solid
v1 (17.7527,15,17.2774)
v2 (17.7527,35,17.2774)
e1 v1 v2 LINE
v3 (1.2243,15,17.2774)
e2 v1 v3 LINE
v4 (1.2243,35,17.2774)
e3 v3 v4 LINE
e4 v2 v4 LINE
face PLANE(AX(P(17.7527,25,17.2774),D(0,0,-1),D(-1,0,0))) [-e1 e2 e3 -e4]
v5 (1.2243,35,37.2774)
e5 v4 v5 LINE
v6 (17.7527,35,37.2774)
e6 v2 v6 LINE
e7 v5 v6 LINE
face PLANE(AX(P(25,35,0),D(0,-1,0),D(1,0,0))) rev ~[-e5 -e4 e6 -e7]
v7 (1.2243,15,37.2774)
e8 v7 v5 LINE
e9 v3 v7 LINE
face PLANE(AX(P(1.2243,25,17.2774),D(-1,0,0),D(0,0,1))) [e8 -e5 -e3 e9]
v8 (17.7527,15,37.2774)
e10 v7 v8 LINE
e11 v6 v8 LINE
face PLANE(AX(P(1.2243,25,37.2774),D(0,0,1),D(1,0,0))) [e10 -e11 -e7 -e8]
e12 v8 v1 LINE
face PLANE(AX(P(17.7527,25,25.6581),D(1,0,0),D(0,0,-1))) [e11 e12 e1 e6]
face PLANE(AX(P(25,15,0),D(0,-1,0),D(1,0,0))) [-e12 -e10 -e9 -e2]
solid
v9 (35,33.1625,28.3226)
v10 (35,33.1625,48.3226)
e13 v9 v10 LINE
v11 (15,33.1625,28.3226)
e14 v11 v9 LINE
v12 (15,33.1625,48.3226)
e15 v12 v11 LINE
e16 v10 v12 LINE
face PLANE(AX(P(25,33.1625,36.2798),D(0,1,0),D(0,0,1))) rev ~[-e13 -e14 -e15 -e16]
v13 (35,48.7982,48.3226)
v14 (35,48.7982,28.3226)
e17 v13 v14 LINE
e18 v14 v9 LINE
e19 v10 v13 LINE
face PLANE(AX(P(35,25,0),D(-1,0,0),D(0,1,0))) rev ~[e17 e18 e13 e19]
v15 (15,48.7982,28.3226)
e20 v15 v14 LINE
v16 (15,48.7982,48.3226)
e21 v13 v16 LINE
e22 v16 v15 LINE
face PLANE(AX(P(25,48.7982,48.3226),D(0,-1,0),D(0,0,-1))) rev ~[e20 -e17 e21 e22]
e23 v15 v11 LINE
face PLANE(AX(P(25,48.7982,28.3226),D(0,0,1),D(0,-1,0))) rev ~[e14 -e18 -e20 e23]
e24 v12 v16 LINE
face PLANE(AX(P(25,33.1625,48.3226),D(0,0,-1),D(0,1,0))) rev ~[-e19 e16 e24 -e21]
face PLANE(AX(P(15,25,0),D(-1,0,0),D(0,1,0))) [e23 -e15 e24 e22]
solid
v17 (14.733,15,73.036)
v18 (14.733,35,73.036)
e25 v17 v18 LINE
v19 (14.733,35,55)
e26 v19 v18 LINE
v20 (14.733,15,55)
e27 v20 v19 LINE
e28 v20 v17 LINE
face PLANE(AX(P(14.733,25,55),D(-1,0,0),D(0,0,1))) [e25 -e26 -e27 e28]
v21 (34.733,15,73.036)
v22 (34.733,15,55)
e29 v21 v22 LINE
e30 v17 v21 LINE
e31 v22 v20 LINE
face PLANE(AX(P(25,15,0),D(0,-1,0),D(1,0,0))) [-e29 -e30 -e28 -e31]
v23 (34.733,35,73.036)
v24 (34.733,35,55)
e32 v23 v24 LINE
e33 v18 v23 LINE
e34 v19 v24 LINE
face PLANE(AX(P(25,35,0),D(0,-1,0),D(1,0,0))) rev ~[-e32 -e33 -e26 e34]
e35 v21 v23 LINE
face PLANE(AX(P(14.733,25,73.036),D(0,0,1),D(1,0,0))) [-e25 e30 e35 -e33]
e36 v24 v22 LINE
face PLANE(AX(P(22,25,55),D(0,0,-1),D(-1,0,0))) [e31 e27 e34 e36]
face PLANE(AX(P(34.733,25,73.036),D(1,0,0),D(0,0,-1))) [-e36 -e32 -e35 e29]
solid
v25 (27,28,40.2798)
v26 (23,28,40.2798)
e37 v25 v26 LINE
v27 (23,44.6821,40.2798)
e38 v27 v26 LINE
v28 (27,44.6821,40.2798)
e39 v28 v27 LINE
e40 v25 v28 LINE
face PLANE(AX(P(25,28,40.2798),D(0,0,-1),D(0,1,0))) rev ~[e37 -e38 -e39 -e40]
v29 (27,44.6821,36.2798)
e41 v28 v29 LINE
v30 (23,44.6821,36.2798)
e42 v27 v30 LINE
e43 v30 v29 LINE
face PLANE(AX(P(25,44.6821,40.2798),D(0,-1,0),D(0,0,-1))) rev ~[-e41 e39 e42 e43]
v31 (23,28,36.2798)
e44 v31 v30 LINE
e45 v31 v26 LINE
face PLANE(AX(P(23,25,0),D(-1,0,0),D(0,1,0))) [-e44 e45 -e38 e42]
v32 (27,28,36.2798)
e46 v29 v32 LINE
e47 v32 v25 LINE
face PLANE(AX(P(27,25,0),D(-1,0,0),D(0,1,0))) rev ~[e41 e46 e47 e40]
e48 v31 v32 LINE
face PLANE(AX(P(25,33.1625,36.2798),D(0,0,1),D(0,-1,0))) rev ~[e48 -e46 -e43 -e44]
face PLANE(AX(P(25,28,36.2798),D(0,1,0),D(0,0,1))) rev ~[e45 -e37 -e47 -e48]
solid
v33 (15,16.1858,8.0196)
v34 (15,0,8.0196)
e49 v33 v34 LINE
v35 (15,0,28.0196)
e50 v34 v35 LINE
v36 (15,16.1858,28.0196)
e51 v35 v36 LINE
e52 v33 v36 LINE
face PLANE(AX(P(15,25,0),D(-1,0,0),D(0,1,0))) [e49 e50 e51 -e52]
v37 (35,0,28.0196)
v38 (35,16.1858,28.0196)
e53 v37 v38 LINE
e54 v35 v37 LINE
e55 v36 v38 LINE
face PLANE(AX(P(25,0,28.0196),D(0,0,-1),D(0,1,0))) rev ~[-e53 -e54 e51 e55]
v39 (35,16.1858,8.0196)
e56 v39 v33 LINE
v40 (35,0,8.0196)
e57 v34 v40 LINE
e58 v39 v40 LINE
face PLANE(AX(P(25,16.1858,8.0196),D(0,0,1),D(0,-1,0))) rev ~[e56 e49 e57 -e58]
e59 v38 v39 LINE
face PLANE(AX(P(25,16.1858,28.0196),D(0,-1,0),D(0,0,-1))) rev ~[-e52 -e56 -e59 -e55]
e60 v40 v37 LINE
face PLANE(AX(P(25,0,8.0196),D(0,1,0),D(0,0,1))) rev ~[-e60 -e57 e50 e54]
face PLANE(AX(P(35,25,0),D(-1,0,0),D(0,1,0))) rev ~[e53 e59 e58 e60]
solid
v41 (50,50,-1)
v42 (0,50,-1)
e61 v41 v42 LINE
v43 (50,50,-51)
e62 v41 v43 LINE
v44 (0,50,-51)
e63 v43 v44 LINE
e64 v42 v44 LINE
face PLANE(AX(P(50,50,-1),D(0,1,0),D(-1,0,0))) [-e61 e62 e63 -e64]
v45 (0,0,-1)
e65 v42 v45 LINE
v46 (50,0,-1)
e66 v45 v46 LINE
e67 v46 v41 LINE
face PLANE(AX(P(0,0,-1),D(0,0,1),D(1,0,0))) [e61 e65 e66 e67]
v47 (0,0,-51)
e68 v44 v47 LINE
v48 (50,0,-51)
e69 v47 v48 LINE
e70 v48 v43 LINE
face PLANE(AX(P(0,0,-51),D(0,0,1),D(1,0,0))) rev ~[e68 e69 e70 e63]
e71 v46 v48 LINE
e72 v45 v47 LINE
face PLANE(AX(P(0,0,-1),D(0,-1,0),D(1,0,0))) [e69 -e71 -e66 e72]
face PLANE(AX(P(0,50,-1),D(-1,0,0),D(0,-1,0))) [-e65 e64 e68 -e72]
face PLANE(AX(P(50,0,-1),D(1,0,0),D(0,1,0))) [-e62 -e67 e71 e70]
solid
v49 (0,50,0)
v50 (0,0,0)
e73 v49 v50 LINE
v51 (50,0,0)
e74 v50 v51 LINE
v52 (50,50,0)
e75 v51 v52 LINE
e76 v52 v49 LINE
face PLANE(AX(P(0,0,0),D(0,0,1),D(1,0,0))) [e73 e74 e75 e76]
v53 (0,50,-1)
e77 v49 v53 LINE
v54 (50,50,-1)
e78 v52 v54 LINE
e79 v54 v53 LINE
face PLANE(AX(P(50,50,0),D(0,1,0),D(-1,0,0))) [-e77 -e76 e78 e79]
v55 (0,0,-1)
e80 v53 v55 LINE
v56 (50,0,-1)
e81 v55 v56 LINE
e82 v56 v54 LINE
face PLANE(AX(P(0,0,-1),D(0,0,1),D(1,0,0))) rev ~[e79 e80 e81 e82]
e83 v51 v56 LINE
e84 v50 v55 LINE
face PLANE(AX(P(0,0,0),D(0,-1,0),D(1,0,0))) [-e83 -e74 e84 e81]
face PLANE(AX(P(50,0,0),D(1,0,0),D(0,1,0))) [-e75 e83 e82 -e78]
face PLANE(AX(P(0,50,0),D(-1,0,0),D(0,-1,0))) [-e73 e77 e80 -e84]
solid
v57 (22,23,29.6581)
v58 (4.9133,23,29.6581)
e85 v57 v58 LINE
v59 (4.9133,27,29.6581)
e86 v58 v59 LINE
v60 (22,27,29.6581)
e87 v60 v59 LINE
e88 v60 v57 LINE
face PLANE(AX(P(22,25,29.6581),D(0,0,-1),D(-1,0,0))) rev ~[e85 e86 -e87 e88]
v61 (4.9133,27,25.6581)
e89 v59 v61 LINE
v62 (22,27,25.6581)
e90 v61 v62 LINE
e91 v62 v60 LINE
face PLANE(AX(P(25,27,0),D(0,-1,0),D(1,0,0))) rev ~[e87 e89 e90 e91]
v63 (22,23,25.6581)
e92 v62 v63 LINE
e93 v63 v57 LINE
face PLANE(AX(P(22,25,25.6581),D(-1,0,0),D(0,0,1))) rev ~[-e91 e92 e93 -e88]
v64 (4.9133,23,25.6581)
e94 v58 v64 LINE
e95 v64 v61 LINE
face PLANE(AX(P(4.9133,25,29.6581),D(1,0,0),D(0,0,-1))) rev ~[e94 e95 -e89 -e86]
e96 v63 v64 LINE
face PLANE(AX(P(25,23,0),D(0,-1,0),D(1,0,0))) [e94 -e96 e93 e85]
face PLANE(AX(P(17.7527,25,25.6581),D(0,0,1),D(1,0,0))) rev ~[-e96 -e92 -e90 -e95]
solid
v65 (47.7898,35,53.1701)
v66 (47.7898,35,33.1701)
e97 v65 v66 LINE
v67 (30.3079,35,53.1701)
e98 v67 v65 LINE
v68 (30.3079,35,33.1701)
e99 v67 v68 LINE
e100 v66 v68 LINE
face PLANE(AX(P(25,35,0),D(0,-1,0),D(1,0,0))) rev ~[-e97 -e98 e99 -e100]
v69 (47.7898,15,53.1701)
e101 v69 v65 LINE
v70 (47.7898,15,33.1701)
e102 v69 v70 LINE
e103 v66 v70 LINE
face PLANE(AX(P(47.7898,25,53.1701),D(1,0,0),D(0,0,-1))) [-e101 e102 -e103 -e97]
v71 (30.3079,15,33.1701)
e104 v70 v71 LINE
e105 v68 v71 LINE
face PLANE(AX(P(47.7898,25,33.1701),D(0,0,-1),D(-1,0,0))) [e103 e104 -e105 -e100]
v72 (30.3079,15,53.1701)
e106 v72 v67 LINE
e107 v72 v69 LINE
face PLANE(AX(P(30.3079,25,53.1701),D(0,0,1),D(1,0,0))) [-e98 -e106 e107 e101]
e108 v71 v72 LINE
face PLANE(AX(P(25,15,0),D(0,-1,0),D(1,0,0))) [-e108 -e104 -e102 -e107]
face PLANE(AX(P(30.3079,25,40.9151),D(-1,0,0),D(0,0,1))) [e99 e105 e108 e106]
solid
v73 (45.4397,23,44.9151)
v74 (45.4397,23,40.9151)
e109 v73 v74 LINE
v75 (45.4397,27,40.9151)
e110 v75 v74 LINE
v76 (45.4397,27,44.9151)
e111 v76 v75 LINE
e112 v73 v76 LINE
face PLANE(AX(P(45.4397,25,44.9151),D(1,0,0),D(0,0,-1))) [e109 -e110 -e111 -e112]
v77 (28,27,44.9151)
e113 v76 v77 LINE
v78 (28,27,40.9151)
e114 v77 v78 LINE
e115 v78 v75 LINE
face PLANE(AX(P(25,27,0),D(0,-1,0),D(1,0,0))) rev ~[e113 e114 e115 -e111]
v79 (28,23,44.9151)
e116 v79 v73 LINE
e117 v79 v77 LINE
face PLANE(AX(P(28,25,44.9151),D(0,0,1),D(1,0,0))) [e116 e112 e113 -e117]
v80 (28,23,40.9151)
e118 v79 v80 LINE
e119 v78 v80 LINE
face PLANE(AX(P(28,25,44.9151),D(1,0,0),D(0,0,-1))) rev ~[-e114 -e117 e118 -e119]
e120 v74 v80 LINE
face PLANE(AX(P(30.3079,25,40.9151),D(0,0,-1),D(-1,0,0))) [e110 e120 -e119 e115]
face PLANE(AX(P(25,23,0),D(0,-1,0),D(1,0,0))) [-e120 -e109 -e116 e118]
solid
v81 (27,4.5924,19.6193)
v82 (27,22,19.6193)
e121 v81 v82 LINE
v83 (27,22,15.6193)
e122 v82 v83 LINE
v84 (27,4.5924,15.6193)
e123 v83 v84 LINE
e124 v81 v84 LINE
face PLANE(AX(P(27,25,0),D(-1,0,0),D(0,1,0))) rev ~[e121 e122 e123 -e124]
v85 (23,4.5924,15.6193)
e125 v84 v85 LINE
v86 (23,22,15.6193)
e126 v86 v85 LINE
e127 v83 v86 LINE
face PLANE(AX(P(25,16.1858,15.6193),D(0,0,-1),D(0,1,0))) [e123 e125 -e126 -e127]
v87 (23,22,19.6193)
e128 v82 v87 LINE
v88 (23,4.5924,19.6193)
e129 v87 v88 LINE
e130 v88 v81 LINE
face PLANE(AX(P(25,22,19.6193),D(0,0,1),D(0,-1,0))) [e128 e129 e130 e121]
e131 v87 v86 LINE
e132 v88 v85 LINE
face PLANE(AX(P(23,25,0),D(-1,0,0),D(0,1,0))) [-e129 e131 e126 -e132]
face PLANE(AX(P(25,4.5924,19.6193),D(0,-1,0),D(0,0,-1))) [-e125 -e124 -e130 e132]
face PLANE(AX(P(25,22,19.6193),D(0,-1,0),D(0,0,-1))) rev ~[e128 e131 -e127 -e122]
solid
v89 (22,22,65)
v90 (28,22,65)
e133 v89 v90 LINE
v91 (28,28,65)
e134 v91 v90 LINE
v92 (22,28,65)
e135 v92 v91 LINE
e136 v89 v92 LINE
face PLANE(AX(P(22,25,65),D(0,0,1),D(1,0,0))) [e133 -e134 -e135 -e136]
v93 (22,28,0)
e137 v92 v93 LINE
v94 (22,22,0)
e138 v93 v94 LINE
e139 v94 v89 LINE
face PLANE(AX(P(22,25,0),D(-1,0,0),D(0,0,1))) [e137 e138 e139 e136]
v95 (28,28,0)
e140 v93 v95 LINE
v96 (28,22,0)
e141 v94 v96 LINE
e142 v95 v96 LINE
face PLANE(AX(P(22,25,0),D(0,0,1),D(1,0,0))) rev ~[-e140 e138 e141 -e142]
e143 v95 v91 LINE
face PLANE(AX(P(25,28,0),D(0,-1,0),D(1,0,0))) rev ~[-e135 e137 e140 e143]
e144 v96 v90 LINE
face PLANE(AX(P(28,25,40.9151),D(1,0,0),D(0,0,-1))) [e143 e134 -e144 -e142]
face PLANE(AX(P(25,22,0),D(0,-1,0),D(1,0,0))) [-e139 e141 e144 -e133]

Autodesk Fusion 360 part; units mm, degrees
sketch "Skizze1" plane through (0, 0, 0) normal (0, 0, 1) x (1, 0, 0)
  line L0 (0, 0) -> (50, 0)
  line L1 (50, 0) -> (50, 50)
  line L2 (50, 50) -> (0, 50)
  line L3 (0, 50) -> (0, 0)
  line L4 (0, 25) -> (50, 25) construction
  line L5 (25, 50) -> (25, 0) construction
extrude "Extrusion1" add sketch "Skizze1" against normal blind 1 makes body 1 in component "Ground"
ref_plane "Arbeitsebene1" through (25, 25, 0) normal (0, -1, 0) x (1, 0, 0)
ref_plane "Arbeitsebene2" through (25, 25, 0) normal (-1, 0, 0) x (0, -1, 0)
sketch "Skizze2" plane through (25, 25, 0) normal (0, -1, 0) x (1, 0, 0)
  line L0 (-25, 0) -> (25, 0)
  line L1 (0, 0) -> (0, 75) construction
  line L2 (-3, 0) -> (-3, 65)
  line L3 (-3, 65) -> (3, 65)
  line L4 (3, 65) -> (3, 0)
  line L5 (-3, 0) -> (3, 0)
  line L6 (-3, 29.6581) -> (-20.0867, 29.6581)
  line L7 (-20.0867, 29.6581) -> (-20.0867, 25.6581)
  line L8 (-20.0867, 25.6581) -> (-3, 25.6581)
  line L9 (-3, 25.6581) -> (-3, 29.6581)
  line L10 (3, 44.9151) -> (20.4397, 44.9151)
  line L11 (20.4397, 44.9151) -> (20.4397, 40.9151)
  line L12 (20.4397, 40.9151) -> (3, 40.9151)
  line L13 (3, 40.9151) -> (3, 44.9151)
  line L14 (-23.7757, 37.2774) -> (-7.2473, 37.2774)
  line L15 (-7.2473, 37.2774) -> (-7.2473, 17.2774)
  line L16 (-7.2473, 17.2774) -> (-23.7757, 17.2774)
  line L17 (-23.7757, 17.2774) -> (-23.7757, 37.2774)
  line L18 (5.3079, 53.1701) -> (22.7898, 53.1701)
  line L19 (22.7898, 53.1701) -> (22.7898, 33.1701)
  line L20 (22.7898, 33.1701) -> (5.3079, 33.1701)
  line L21 (5.3079, 33.1701) -> (5.3079, 53.1701)
  line L22 (-10.267, 73.036) -> (9.733, 73.036)
  line L23 (9.733, 73.036) -> (9.733, 55)
  line L24 (9.733, 55) -> (-10.267, 55)
  line L25 (-10.267, 55) -> (-10.267, 73.036)
  dimension "d21" = 6
  dimension "d25" = 3
  dimension "d26" = 4
  dimension "d27" = 4
  dimension "d36" = 20
  dimension "d37" = 20
  dimension "d38" = 20
extrude "Extrusion1'" add sketch "Skizze2" along normal mid plane 6 separate body contours L0 L2 L4 L5 L9 L13 L24 | L2 L3 L4 L24 makes body 2 in component "Trunk"
sketch "Skizze3" plane through (25, 25, 0) normal (-1, 0, 0) x (0, 1, 0)
  line L0 (3, -65) -> (-3, -65)
  line L1 (-3, -65) -> (-3, 0)
  line L2 (-3, 0) -> (3, 0)
  line L3 (3, 0) -> (3, -65)
  line L4 (0, -44.9151) -> (0, -40.9151)
  line L5 (0, -29.6581) -> (0, -25.6581)
  line L6 (3, -40.2798) -> (19.6821, -40.2798)
  line L7 (19.6821, -40.2798) -> (19.6821, -36.2798)
  line L8 (19.6821, -36.2798) -> (3, -36.2798)
  line L9 (3, -36.2798) -> (3, -40.2798)
  line L10 (-3, -19.6193) -> (-20.4076, -19.6193)
  line L11 (-20.4076, -19.6193) -> (-20.4076, -15.6193)
  line L12 (-20.4076, -15.6193) -> (-3, -15.6193)
  line L13 (-3, -15.6193) -> (-3, -19.6193)
  line L14 (8.1625, -48.3226) -> (23.7982, -48.3226)
  line L15 (23.7982, -48.3226) -> (23.7982, -28.3226)
  line L16 (23.7982, -28.3226) -> (8.1625, -28.3226)
  line L17 (8.1625, -28.3226) -> (8.1625, -48.3226)
  line L18 (-25, -28.0196) -> (-8.8142, -28.0196)
  line L19 (-8.8142, -28.0196) -> (-8.8142, -8.0196)
  line L20 (-8.8142, -8.0196) -> (-25, -8.0196)
  line L21 (-25, -8.0196) -> (-25, -28.0196)
  line L22 (-20.4076, -17.6193) -> (-3, -17.6193) construction
  line L23 (3, -38.2798) -> (19.6821, -38.2798) construction
  dimension "d32" = 4
  dimension "d33" = 4
  dimension "d34" = 20
  dimension "d35" = 20
extrude "Extrusion1''" add sketch "Skizze3" along normal mid plane 4 separate body contours L3 L6 L8 L9 L17 | L1 L10 L12 L13 L19 | L6 L7 L8 L17 | L10 L11 L12 L19 makes body 3 at (24.3333, 10.395, 19.6193) makes body 4 at (23, 39.1214, 38.9465) in component "Branches Y"
extrude "Extrusion1'''" add sketch "Skizze2" along normal mid plane 4 separate body contours L2 L6 L8 L9 L15 | L4 L10 L12 L13 L21 | L6 L7 L8 L15 | L10 L11 L12 L21 makes body 5 at (10.6089, 24.3333, 25.6581) makes body 6 at (33.8132, 23, 42.2484) in component "Branches X"
extrude "Extrusion1''''" add sketch "Skizze2" along normal mid plane 20 separate body contours L6 L7 L8 L14 L15 L16 L17 | L6 L7 L8 L15 | L10 L11 L12 L21 | L10 L11 L12 L18 L19 L20 L21 | L2 L3 L4 L22 L23 L24 L25 | L2 L3 L4 L24 makes body 7 at (1.2243, 28.3333, 23.9441) makes body 8 at (30.3079, 28.3333, 39.8368) makes body 9 at (21.3997, 21.6667, 73.036) in component "Leaf X"
extrude "Extrusion1'''''" add sketch "Skizze3" along normal mid plane 20 separate body contours L6 L7 L8 L17 | L6 L7 L8 L14 L15 L16 L17 | L10 L11 L12 L18 L19 L20 L21 | L10 L11 L12 L19 makes body 10 at (28.3333, 16.1858, 21.3529) makes body 11 at (21.6667, 33.1625, 41.656) in component "Leaf Y"
extrude "Extrusion1''''''" add 1 faces at (16.6667, 33.3333, -1) along direction (0, 0, -1) blind 50 separate body on bodies 1 makes body 12 in component "Ground below "
component "Ground" placed x (1, 0, 0) y (0, 1, 0) z (0, 0, 1) at (0, 0, 0)
component "Trunk" placed x (1, 0, 0) y (0, 1, 0) z (0, 0, 1) at (0, 0, 0)
component "Branches Y" placed x (1, 0, 0) y (0, 1, 0) z (0, 0, 1) at (0, 0, 0)
component "Branches X" placed x (1, 0, 0) y (0, 1, 0) z (0, 0, 1) at (0, 0, 0)
component "Leaf X" placed x (1, 0, 0) y (0, 1, 0) z (0, 0, 1) at (0, 0, 0)
component "Leaf Y" placed x (1, 0, 0) y (0, 1, 0) z (0, 0, 1) at (0, 0, 0)
component "Ground below " placed x (1, 0, 0) y (0, 1, 0) z (0, 0, 1) at (0, 0, 0)
equation "d21 = d_trunk"
equation "d_trunk = 6 mm" comment "Diameter Treetrunk"
equation "d_branch = 4 mm" comment "Diameter tree branch"
equation "d_leaf = 20 mm" comment "diameter leafball"
equation "d25 = d21 / 2"
equation "d26 = d_branch"
equation "d27 = d_branch"
equation "d30 = d_trunk / 2"
equation "d32 = d_branch"
equation "d33 = d_branch"
equation "d34 = d_leaf"
equation "d35 = d_leaf"
equation "d36 = d_leaf"
equation "d37 = d_leaf"
equation "d38 = d_leaf"
equation "d39 = d_branch / 2"
equation "d41 = d_branch / 2"
equation "d43 = d_leaf / 2"
equation "d45 = d_leaf / 2"
